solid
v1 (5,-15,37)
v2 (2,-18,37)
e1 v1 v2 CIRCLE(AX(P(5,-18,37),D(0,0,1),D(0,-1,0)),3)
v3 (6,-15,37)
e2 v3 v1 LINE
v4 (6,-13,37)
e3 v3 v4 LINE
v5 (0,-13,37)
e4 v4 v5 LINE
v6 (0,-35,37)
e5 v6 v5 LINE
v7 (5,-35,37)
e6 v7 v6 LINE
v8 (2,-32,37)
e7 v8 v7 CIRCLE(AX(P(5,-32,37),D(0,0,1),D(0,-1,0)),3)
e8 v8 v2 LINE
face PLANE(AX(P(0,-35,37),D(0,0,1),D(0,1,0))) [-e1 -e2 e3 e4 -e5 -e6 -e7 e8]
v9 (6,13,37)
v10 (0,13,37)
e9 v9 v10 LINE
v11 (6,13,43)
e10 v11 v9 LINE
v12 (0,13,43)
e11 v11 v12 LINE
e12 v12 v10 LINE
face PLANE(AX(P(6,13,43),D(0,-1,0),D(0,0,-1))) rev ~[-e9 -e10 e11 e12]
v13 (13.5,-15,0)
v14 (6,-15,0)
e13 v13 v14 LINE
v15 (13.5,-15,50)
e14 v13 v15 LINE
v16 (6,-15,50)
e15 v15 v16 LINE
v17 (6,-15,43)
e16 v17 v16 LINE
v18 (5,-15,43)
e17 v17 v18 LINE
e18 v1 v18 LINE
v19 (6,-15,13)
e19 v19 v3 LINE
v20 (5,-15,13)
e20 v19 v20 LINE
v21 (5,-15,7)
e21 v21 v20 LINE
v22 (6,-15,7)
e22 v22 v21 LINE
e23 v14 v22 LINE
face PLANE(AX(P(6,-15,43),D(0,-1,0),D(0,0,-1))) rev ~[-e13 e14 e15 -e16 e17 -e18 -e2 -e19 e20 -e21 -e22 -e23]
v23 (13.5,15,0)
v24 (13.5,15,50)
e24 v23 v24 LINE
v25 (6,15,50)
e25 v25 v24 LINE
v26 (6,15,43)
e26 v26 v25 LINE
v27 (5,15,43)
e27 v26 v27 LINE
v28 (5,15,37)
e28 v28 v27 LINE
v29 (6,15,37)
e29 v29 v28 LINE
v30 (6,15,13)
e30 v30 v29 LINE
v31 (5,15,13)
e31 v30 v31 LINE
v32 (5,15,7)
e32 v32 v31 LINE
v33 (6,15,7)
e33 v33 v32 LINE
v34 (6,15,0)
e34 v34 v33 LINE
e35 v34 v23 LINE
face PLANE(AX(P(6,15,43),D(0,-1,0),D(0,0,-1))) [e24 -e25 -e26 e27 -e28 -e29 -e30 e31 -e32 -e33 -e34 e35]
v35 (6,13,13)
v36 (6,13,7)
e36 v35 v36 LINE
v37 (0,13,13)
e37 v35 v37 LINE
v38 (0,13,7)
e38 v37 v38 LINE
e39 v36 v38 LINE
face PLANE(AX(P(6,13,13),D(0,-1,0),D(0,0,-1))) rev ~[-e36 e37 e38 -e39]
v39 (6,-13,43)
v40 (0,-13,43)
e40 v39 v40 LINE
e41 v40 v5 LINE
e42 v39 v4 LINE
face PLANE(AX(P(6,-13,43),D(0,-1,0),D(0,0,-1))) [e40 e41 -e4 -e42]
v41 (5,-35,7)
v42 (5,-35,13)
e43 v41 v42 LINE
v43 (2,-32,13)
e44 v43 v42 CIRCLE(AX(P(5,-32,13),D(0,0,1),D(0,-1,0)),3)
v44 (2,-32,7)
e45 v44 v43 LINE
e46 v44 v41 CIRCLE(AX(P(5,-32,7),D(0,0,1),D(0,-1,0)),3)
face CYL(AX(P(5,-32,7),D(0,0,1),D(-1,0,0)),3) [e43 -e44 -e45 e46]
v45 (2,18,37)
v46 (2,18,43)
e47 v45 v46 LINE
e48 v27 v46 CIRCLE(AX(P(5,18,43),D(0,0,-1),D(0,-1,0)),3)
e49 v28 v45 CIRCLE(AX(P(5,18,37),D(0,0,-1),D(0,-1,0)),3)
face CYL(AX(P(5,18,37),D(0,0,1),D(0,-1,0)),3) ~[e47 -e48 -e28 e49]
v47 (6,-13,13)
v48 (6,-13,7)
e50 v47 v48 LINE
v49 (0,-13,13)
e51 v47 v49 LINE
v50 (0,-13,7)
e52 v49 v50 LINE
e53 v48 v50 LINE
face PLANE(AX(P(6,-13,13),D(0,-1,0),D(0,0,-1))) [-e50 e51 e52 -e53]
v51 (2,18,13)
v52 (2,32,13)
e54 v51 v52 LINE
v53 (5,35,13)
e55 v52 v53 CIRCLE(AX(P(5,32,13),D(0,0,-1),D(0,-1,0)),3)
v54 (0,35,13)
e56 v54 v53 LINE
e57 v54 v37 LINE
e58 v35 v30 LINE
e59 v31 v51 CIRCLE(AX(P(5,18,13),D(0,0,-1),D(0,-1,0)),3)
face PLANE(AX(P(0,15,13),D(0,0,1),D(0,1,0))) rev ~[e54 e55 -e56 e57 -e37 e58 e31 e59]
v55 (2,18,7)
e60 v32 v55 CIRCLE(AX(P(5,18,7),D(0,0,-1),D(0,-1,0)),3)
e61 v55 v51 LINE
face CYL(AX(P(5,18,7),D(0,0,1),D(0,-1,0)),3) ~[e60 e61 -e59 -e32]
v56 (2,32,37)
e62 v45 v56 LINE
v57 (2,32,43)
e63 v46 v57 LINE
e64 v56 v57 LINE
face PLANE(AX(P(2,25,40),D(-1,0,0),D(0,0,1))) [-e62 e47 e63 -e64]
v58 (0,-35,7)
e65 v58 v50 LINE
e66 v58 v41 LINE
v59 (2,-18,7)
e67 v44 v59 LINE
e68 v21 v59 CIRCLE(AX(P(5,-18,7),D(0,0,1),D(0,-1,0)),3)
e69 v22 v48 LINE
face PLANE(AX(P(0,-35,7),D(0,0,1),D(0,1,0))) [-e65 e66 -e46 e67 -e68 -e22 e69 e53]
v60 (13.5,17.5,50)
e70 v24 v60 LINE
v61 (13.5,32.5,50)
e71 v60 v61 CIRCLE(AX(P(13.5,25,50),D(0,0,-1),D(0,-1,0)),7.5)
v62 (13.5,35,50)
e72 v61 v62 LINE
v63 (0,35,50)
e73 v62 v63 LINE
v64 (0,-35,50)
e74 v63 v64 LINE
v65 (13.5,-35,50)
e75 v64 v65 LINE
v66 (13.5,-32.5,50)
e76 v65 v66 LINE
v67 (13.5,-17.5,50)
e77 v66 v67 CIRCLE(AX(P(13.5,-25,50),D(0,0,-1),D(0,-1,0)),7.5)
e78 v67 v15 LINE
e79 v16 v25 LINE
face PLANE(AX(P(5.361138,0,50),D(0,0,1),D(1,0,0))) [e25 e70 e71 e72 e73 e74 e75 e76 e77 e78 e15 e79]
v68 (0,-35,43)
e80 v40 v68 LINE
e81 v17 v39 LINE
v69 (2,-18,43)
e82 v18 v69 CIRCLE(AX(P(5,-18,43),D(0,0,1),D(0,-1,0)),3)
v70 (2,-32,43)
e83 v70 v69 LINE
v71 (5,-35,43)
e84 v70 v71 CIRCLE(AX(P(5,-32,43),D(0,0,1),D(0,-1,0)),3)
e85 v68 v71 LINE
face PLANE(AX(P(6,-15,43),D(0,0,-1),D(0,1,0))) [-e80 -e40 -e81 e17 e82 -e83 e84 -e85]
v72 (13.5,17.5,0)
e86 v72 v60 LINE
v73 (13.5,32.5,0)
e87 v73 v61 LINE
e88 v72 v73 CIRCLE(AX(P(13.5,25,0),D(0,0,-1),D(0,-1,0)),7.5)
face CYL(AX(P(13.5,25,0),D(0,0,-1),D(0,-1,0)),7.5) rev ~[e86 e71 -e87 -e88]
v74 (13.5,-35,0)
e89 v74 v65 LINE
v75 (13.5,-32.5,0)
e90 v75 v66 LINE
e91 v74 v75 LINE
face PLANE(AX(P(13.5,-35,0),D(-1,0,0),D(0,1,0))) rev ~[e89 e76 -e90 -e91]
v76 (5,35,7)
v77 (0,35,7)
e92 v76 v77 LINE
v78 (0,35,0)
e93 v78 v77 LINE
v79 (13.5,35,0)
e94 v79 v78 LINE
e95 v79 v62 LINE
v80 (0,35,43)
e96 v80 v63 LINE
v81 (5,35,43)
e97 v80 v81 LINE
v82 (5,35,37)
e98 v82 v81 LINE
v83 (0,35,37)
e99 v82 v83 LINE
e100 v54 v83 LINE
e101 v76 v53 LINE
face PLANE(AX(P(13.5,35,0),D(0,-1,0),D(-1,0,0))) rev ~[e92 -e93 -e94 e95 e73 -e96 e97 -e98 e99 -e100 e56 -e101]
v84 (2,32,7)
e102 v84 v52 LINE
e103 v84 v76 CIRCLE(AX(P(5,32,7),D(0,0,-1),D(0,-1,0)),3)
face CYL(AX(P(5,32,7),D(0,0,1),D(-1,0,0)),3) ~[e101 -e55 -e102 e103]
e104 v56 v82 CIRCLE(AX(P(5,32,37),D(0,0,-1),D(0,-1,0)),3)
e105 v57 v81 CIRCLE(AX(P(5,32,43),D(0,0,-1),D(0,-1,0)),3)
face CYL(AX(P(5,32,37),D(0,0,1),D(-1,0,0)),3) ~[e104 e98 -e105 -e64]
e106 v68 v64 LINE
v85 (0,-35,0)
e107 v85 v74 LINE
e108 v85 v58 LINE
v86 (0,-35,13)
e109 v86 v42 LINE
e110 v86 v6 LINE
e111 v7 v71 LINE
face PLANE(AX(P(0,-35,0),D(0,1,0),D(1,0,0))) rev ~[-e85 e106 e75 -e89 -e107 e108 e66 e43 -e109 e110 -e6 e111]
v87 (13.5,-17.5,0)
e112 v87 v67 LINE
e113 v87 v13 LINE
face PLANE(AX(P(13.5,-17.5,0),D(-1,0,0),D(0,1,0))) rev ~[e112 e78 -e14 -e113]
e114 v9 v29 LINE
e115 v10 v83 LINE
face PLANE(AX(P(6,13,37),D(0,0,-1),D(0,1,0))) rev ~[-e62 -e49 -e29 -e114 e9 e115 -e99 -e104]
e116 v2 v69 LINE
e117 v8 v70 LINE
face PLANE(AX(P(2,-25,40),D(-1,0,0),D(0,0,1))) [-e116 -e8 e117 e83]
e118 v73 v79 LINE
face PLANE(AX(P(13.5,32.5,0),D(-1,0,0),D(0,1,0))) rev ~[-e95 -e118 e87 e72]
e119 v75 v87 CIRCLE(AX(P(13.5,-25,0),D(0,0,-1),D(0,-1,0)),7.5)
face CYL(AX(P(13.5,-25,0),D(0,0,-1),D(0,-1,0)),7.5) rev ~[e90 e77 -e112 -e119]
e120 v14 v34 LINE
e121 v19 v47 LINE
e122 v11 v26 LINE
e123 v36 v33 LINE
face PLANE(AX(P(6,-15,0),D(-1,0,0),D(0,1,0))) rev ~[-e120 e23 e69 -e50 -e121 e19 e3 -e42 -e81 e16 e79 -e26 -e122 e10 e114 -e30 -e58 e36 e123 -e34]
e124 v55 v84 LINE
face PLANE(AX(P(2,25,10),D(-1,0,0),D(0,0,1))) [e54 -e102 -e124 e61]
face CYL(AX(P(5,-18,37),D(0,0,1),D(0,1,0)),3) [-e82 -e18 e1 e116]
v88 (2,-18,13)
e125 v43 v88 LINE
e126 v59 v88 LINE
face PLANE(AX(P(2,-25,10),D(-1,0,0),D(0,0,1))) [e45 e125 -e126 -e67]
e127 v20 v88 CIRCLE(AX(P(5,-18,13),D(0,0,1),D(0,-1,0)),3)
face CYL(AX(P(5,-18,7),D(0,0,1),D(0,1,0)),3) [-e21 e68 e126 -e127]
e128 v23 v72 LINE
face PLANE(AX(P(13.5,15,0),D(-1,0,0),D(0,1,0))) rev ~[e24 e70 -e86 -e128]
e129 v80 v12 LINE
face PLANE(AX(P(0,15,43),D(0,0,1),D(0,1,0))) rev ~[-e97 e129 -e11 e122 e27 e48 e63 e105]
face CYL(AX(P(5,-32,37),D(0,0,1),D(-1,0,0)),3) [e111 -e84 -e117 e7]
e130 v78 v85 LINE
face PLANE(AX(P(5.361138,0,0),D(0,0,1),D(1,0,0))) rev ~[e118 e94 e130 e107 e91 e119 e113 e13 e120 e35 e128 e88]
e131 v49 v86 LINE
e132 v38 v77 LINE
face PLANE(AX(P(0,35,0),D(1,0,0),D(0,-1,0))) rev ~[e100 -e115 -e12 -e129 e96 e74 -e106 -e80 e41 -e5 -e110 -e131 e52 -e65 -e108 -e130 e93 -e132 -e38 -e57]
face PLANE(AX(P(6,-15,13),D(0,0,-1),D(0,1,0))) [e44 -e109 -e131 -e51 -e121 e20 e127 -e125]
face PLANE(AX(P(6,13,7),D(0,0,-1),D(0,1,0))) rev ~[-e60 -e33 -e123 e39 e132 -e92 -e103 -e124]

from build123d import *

# Parameters (mm, degrees)
RESSALTO_EXTRUS_O1_DEPTH = 50
ESBO_O2_W                = 6
ESBO_O2_H                = 2
CORTE_EXTRUS_O1_DEPTH    = 10
ESBO_O3_W                = 6
ESBO_O3_H                = 20
CORTE_EXTRUS_O2_DEPTH    = 2
FILETE1_R                = 3


with BuildPart() as part:
    # Esboço1 → Ressalto-extrusão1 (new body)
    with BuildSketch(Plane.XY):
        with BuildLine():
            Line((0, 35), (0, -35))
            Line((0, -35), (13.5, -35))
            Line((13.5, -35), (13.5, -32.5))
            ThreePointArc((13.5, -32.5), (6, -25), (13.5, -17.5))
            Line((13.5, -17.5), (13.5, -15))
            Line((13.5, -15), (6, -15))
            Line((6, -15), (6, 15))
            Line((6, 15), (13.5, 15))
            Line((13.5, 15), (13.5, 17.5))
            ThreePointArc((13.5, 17.5), (6, 25), (13.5, 32.5))
            Line((13.5, 32.5), (13.5, 35))
            Line((13.5, 35), (0, 35))
        make_face()
    extrude(amount=RESSALTO_EXTRUS_O1_DEPTH)

    # Esboço2 → Corte-extrusão1 (cut)
    with BuildSketch(Plane(origin=(6, 0, 0), x_dir=(0, 0, -1), z_dir=(1, 0, 0))):
        with Locations((-10, 14)):
            Rectangle(ESBO_O2_W, ESBO_O2_H)
        with Locations((-40, 14)):
            Rectangle(ESBO_O2_W, ESBO_O2_H)
        with Locations((-40, -14)):
            Rectangle(ESBO_O2_W, ESBO_O2_H)
        with Locations((-10, -14)):
            Rectangle(ESBO_O2_W, ESBO_O2_H)
    extrude(amount=-CORTE_EXTRUS_O1_DEPTH, mode=Mode.SUBTRACT)

    # Esboço3 → Corte-extrusão2 (cut)
    with BuildSketch(Plane.ZY):
        with Locations((10, 25)):
            Rectangle(ESBO_O3_W, ESBO_O3_H)
        with Locations((40, 25)):
            Rectangle(ESBO_O3_W, ESBO_O3_H)
        with Locations((40, -25)):
            Rectangle(ESBO_O3_W, ESBO_O3_H)
        with Locations((10, -25)):
            Rectangle(ESBO_O3_W, ESBO_O3_H)
    extrude(amount=-CORTE_EXTRUS_O2_DEPTH, mode=Mode.SUBTRACT)

    # Filete1
    filete1_edges = [part.edges().sort_by_distance(p)[0] for p in [
        (2, 15, 10),
        (2, 35, 10),
        (2, 15, 40),
        (2, 35, 40),
        (2, -15, 40),
        (2, -35, 40),
        (2, -15, 10),
        (2, -35, 10),
    ]]
    fillet(filete1_edges, radius=FILETE1_R)


solid = part.part
